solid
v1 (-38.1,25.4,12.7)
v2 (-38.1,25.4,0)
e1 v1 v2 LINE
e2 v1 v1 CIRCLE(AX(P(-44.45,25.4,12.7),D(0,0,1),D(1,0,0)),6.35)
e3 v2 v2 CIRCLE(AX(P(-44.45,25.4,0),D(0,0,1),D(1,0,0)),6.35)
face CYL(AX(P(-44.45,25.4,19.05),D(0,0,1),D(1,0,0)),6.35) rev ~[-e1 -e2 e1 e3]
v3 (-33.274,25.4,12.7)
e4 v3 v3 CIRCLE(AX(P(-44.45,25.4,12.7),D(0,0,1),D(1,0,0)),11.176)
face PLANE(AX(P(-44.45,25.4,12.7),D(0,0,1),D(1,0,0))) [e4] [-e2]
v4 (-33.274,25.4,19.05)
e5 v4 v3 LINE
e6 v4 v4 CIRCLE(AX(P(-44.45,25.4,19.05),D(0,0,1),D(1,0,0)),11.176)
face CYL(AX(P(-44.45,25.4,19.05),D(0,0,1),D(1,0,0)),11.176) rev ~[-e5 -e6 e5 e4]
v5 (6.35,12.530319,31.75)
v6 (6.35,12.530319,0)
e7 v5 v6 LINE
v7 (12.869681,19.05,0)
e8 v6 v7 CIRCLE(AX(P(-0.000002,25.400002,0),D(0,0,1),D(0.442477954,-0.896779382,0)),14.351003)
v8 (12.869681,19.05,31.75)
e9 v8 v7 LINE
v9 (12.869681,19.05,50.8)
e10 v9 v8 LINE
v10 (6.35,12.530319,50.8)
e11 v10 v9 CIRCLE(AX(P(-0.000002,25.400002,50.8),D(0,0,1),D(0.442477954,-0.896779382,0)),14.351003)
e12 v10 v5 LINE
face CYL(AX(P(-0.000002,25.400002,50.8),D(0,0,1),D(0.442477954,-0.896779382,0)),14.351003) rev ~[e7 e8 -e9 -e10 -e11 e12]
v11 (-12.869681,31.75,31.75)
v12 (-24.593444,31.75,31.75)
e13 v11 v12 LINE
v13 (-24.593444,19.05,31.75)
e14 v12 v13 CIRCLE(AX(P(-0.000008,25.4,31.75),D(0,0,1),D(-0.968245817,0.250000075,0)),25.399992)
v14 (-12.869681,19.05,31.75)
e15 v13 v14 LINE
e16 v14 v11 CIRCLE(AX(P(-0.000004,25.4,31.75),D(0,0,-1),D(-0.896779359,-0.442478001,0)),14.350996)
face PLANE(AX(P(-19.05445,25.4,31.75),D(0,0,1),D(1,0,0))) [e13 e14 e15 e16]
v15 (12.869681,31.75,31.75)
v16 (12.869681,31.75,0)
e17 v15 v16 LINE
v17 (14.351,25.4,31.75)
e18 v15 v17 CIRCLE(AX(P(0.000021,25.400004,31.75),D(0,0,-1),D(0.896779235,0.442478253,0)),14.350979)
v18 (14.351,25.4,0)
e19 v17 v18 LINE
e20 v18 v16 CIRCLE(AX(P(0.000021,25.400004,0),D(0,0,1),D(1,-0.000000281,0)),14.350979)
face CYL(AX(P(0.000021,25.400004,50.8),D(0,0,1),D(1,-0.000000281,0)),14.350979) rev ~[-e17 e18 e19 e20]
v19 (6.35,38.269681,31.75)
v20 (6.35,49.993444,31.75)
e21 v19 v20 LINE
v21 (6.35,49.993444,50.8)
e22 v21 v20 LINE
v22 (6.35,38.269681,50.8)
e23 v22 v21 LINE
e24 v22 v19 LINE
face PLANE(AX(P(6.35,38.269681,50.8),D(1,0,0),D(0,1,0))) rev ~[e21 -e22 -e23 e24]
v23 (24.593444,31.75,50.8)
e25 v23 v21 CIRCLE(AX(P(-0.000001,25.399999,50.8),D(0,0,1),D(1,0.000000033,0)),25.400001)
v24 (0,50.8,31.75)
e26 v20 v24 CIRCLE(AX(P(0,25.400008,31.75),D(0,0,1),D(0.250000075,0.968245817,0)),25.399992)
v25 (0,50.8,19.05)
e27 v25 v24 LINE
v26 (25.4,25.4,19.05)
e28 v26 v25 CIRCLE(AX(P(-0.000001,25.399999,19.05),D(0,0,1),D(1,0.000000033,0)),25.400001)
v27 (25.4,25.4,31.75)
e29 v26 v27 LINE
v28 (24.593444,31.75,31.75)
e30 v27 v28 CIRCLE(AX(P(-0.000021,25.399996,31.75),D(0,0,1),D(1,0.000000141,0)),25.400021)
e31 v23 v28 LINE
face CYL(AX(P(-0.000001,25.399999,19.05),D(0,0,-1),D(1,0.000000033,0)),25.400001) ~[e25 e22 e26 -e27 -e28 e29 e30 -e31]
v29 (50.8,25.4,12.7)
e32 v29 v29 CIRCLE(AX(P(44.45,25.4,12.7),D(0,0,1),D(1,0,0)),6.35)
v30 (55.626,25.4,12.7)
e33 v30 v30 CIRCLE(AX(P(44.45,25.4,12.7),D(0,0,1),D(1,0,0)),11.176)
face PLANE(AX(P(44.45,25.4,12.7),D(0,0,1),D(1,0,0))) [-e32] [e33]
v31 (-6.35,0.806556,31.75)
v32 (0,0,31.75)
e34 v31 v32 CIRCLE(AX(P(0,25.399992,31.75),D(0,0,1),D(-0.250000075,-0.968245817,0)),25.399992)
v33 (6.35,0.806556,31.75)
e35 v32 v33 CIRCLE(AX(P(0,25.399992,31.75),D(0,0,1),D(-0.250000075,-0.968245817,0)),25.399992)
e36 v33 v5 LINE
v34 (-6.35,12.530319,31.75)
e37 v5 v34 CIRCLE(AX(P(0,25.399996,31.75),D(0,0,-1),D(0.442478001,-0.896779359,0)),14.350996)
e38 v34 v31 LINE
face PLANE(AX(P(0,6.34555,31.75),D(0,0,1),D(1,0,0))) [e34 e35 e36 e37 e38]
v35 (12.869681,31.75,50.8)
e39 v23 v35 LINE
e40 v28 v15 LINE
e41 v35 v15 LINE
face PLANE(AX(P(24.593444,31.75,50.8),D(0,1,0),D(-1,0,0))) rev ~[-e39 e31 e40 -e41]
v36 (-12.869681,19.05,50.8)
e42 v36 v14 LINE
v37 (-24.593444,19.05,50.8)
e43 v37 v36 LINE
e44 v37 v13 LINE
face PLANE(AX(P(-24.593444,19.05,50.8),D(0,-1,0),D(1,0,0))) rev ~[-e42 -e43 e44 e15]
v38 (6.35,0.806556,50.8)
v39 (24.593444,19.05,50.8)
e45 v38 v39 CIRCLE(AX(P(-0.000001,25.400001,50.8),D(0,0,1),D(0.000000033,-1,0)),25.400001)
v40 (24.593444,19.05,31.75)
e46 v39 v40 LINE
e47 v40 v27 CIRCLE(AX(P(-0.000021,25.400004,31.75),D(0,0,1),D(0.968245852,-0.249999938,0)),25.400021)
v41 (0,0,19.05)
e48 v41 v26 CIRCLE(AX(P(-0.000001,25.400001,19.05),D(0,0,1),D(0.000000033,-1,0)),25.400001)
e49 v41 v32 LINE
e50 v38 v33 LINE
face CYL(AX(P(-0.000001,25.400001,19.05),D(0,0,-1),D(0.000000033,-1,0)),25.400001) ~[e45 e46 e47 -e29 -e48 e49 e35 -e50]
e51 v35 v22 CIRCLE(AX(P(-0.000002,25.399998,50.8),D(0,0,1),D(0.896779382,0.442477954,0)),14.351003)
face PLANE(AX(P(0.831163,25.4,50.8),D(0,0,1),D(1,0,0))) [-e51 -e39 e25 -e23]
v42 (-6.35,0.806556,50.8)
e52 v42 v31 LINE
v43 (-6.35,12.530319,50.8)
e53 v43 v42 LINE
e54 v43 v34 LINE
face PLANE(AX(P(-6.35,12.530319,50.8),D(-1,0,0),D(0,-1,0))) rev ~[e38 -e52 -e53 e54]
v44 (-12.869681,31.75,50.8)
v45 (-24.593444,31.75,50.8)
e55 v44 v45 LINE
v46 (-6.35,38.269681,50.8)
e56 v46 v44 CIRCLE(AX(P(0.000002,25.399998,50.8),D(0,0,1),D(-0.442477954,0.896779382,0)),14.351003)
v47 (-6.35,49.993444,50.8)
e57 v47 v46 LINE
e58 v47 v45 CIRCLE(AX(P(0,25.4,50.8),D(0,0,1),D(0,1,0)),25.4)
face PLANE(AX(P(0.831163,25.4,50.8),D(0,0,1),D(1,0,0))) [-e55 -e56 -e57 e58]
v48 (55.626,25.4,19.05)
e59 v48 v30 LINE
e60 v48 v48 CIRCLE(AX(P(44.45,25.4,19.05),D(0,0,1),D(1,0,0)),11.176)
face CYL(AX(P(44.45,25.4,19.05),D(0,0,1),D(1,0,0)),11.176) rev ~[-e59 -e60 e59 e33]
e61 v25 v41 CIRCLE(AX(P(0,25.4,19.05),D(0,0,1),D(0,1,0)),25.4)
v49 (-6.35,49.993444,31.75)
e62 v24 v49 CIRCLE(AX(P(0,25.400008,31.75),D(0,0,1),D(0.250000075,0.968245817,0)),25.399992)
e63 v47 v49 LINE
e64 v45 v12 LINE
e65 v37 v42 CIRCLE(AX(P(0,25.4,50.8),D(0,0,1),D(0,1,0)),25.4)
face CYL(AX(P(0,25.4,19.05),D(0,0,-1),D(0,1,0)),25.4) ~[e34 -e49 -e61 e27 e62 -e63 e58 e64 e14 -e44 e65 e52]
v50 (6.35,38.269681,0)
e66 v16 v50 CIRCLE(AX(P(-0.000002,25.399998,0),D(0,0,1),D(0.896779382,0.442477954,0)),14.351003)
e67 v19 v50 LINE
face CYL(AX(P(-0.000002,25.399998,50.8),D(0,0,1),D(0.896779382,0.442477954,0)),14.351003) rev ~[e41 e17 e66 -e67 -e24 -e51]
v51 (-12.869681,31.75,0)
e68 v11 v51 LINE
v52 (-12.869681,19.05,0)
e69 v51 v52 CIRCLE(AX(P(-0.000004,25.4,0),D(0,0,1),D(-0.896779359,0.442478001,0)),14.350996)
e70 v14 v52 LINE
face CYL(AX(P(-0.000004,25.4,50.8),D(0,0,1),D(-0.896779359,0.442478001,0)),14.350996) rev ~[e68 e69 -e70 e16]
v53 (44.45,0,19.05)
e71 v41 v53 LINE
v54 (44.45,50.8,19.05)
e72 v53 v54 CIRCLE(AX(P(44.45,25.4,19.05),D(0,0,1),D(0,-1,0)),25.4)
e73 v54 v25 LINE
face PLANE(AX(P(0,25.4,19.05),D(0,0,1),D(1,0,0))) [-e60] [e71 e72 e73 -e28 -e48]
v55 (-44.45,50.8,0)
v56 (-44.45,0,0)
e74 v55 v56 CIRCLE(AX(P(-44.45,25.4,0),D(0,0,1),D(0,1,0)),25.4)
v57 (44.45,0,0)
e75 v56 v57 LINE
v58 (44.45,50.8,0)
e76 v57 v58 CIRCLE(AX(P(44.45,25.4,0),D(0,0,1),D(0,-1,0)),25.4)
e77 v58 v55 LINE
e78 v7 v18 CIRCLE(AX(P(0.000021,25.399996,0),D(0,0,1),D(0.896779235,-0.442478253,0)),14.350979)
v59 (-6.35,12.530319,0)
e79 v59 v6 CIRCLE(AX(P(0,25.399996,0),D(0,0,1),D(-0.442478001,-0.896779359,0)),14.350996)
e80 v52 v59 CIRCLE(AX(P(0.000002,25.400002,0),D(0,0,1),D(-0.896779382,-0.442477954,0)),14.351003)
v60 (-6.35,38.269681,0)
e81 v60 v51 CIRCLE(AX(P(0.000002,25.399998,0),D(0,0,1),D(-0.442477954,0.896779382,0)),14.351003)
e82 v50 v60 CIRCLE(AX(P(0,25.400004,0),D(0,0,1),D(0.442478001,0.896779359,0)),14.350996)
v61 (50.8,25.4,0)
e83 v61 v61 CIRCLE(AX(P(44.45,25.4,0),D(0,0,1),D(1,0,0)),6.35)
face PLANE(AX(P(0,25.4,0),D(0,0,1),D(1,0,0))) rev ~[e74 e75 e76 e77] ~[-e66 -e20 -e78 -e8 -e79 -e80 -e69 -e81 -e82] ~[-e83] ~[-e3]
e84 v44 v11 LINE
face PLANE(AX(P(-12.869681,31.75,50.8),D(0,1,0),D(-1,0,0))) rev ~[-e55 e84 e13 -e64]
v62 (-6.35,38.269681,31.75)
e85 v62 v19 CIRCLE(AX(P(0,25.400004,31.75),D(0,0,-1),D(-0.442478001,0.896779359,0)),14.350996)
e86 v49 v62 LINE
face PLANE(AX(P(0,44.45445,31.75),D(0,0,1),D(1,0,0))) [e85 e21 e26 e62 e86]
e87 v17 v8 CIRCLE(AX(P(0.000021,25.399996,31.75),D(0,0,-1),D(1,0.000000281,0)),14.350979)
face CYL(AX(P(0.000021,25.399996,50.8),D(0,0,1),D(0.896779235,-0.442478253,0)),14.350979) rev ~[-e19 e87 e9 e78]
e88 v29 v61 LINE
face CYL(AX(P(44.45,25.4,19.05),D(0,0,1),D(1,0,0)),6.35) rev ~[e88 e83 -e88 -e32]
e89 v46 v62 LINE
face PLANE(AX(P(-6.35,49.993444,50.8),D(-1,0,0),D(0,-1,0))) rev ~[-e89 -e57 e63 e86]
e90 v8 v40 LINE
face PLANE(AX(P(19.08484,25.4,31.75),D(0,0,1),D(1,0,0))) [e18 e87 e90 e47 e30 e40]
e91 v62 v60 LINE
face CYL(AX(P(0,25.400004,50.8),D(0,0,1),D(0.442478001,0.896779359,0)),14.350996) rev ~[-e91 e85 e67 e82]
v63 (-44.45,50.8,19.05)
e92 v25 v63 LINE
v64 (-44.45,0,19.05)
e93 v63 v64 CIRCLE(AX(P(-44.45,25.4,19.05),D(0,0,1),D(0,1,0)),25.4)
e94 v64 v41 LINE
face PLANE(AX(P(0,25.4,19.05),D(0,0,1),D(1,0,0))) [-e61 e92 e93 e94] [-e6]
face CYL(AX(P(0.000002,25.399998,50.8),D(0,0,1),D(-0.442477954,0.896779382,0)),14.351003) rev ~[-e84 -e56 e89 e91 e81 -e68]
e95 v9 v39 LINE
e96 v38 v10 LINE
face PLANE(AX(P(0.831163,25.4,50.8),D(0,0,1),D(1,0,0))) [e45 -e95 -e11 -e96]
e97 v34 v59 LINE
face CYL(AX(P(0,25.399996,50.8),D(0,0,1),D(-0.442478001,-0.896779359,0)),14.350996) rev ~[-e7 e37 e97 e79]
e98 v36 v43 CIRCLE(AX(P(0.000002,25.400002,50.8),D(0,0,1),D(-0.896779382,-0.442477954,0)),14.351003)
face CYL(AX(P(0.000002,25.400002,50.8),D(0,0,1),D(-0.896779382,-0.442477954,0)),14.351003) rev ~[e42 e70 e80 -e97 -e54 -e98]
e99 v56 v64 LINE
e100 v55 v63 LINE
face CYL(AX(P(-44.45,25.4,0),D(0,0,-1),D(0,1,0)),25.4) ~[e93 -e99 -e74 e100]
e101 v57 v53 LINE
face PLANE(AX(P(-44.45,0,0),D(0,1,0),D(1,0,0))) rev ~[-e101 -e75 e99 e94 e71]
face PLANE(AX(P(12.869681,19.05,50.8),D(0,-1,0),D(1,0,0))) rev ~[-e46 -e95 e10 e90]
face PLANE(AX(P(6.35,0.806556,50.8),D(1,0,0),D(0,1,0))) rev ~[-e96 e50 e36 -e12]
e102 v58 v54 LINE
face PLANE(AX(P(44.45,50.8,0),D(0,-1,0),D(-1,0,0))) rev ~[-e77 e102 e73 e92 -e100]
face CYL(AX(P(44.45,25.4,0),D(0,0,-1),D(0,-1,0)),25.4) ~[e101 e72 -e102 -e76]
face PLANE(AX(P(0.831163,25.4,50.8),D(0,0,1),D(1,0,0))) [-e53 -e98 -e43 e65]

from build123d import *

# Parameters (mm, degrees)
F1_DEPTH = 19.05
F2_R     = 6.35
F3_DEPTH = 19.051
F2_R_2   = 11.176
F4_DEPTH = 6.35
F5_DEPTH = 31.75
F7_DEPTH = 19.05
F8_DEPTH = 50.801


with BuildPart() as f1:
    # F0 (on Top) → F1 (new body)
    with BuildSketch(Plane.XY):
        with BuildLine():
            ThreePointArc((-44.45, 50.8), (-69.85, 25.4), (-44.45, 0))
            Line((-44.45, 0), (44.45, 0))
            ThreePointArc((44.45, 0), (69.85, 25.4), (44.45, 50.8))
            Line((44.45, 50.8), (-44.45, 50.8))
        make_face()
    extrude(amount=F1_DEPTH)

    # F2 (on face) → F3 (cut, through all)
    with BuildSketch(Plane.XY.offset(19.05)):
        with Locations((-44.45, 25.4)):
            Circle(F2_R)
        with Locations((44.45, 25.4)):
            Circle(F2_R)
    extrude(amount=-F3_DEPTH, mode=Mode.SUBTRACT)

    # F2 (on face) → F4 (cut)
    with BuildSketch(Plane.XY.offset(19.05)):
        with Locations((-44.45, 25.4)):
            Circle(F2_R_2)
        with Locations((-44.45, 25.4)):
            Circle(F2_R, mode=Mode.SUBTRACT)
        with Locations((44.45, 25.4)):
            Circle(F2_R_2)
        with Locations((44.45, 25.4)):
            Circle(F2_R, mode=Mode.SUBTRACT)
    extrude(amount=-F4_DEPTH, mode=Mode.SUBTRACT)

    # F2 (on face) → F5 (join)
    with BuildSketch(Plane.XY.offset(19.05)):
        with BuildLine():
            ThreePointArc((0, 0), (17.960512, 7.439488), (25.4, 25.4))
            ThreePointArc((25.4, 25.4), (17.960512, 43.360512), (0, 50.8))
            ThreePointArc((0, 50.8), (-25.4, 25.4), (0, 0))
        make_face()
    extrude(amount=F5_DEPTH)

    # F6 (on face) → F7 (cut)
    with BuildSketch(Plane.XY.offset(50.8)):
        with BuildLine():
            Line((-12.869681, 31.75), (-24.593444, 31.75))
            ThreePointArc((-24.593444, 31.75), (-25.4, 25.4), (-24.593444, 19.05))
            Line((-24.593444, 19.05), (-12.869681, 19.05))
            ThreePointArc((-12.869681, 19.05), (-14.351, 25.4), (-12.869681, 31.75))
        make_face()
        with BuildLine():
            ThreePointArc((6.35, 49.993444), (0, 50.8), (-6.35, 49.993444))
            Line((-6.35, 49.993444), (-6.35, 38.269681))
            ThreePointArc((-6.35, 38.269681), (0, 39.751), (6.35, 38.269681))
            Line((6.35, 38.269681), (6.35, 49.993444))
        make_face()
        with BuildLine():
            ThreePointArc((25.4, 25.4), (25.197554, 28.600509), (24.593444, 31.75))
            Line((24.593444, 31.75), (12.869681, 31.75))
            ThreePointArc((12.869681, 31.75), (13.975765, 28.660246), (14.351, 25.4))
            ThreePointArc((14.351, 25.4), (13.975765, 22.139754), (12.869681, 19.05))
            Line((12.869681, 19.05), (24.593444, 19.05))
            ThreePointArc((24.593444, 19.05), (25.197554, 22.199491), (25.4, 25.4))
        make_face()
        with BuildLine():
            Line((-6.35, 12.530319), (-6.35, 0.806556))
            ThreePointArc((-6.35, 0.806556), (0, 0), (6.35, 0.806556))
            Line((6.35, 0.806556), (6.35, 12.530319))
            ThreePointArc((6.35, 12.530319), (0, 11.049), (-6.35, 12.530319))
        make_face()
    extrude(amount=-F7_DEPTH, mode=Mode.SUBTRACT)

    # F6 (on face) → F8 (cut, through all)
    with BuildSketch(Plane.XY.offset(50.8)):
        with BuildLine():
            ThreePointArc((6.35, 38.269681), (0, 39.751), (-6.35, 38.269681))
            ThreePointArc((-6.35, 38.269681), (-10.147689, 35.547689), (-12.869681, 31.75))
            ThreePointArc((-12.869681, 31.75), (-14.351, 25.4), (-12.869681, 19.05))
            ThreePointArc((-12.869681, 19.05), (-10.147689, 15.252311), (-6.35, 12.530319))
            ThreePointArc((-6.35, 12.530319), (0, 11.049), (6.35, 12.530319))
            ThreePointArc((6.35, 12.530319), (10.147689, 15.252311), (12.869681, 19.05))
            ThreePointArc((12.869681, 19.05), (13.975765, 22.139754), (14.351, 25.4))
            ThreePointArc((14.351, 25.4), (13.975765, 28.660246), (12.869681, 31.75))
            ThreePointArc((12.869681, 31.75), (10.147689, 35.547689), (6.35, 38.269681))
        make_face()
    extrude(amount=-F8_DEPTH, mode=Mode.SUBTRACT)


solid = f1.part
